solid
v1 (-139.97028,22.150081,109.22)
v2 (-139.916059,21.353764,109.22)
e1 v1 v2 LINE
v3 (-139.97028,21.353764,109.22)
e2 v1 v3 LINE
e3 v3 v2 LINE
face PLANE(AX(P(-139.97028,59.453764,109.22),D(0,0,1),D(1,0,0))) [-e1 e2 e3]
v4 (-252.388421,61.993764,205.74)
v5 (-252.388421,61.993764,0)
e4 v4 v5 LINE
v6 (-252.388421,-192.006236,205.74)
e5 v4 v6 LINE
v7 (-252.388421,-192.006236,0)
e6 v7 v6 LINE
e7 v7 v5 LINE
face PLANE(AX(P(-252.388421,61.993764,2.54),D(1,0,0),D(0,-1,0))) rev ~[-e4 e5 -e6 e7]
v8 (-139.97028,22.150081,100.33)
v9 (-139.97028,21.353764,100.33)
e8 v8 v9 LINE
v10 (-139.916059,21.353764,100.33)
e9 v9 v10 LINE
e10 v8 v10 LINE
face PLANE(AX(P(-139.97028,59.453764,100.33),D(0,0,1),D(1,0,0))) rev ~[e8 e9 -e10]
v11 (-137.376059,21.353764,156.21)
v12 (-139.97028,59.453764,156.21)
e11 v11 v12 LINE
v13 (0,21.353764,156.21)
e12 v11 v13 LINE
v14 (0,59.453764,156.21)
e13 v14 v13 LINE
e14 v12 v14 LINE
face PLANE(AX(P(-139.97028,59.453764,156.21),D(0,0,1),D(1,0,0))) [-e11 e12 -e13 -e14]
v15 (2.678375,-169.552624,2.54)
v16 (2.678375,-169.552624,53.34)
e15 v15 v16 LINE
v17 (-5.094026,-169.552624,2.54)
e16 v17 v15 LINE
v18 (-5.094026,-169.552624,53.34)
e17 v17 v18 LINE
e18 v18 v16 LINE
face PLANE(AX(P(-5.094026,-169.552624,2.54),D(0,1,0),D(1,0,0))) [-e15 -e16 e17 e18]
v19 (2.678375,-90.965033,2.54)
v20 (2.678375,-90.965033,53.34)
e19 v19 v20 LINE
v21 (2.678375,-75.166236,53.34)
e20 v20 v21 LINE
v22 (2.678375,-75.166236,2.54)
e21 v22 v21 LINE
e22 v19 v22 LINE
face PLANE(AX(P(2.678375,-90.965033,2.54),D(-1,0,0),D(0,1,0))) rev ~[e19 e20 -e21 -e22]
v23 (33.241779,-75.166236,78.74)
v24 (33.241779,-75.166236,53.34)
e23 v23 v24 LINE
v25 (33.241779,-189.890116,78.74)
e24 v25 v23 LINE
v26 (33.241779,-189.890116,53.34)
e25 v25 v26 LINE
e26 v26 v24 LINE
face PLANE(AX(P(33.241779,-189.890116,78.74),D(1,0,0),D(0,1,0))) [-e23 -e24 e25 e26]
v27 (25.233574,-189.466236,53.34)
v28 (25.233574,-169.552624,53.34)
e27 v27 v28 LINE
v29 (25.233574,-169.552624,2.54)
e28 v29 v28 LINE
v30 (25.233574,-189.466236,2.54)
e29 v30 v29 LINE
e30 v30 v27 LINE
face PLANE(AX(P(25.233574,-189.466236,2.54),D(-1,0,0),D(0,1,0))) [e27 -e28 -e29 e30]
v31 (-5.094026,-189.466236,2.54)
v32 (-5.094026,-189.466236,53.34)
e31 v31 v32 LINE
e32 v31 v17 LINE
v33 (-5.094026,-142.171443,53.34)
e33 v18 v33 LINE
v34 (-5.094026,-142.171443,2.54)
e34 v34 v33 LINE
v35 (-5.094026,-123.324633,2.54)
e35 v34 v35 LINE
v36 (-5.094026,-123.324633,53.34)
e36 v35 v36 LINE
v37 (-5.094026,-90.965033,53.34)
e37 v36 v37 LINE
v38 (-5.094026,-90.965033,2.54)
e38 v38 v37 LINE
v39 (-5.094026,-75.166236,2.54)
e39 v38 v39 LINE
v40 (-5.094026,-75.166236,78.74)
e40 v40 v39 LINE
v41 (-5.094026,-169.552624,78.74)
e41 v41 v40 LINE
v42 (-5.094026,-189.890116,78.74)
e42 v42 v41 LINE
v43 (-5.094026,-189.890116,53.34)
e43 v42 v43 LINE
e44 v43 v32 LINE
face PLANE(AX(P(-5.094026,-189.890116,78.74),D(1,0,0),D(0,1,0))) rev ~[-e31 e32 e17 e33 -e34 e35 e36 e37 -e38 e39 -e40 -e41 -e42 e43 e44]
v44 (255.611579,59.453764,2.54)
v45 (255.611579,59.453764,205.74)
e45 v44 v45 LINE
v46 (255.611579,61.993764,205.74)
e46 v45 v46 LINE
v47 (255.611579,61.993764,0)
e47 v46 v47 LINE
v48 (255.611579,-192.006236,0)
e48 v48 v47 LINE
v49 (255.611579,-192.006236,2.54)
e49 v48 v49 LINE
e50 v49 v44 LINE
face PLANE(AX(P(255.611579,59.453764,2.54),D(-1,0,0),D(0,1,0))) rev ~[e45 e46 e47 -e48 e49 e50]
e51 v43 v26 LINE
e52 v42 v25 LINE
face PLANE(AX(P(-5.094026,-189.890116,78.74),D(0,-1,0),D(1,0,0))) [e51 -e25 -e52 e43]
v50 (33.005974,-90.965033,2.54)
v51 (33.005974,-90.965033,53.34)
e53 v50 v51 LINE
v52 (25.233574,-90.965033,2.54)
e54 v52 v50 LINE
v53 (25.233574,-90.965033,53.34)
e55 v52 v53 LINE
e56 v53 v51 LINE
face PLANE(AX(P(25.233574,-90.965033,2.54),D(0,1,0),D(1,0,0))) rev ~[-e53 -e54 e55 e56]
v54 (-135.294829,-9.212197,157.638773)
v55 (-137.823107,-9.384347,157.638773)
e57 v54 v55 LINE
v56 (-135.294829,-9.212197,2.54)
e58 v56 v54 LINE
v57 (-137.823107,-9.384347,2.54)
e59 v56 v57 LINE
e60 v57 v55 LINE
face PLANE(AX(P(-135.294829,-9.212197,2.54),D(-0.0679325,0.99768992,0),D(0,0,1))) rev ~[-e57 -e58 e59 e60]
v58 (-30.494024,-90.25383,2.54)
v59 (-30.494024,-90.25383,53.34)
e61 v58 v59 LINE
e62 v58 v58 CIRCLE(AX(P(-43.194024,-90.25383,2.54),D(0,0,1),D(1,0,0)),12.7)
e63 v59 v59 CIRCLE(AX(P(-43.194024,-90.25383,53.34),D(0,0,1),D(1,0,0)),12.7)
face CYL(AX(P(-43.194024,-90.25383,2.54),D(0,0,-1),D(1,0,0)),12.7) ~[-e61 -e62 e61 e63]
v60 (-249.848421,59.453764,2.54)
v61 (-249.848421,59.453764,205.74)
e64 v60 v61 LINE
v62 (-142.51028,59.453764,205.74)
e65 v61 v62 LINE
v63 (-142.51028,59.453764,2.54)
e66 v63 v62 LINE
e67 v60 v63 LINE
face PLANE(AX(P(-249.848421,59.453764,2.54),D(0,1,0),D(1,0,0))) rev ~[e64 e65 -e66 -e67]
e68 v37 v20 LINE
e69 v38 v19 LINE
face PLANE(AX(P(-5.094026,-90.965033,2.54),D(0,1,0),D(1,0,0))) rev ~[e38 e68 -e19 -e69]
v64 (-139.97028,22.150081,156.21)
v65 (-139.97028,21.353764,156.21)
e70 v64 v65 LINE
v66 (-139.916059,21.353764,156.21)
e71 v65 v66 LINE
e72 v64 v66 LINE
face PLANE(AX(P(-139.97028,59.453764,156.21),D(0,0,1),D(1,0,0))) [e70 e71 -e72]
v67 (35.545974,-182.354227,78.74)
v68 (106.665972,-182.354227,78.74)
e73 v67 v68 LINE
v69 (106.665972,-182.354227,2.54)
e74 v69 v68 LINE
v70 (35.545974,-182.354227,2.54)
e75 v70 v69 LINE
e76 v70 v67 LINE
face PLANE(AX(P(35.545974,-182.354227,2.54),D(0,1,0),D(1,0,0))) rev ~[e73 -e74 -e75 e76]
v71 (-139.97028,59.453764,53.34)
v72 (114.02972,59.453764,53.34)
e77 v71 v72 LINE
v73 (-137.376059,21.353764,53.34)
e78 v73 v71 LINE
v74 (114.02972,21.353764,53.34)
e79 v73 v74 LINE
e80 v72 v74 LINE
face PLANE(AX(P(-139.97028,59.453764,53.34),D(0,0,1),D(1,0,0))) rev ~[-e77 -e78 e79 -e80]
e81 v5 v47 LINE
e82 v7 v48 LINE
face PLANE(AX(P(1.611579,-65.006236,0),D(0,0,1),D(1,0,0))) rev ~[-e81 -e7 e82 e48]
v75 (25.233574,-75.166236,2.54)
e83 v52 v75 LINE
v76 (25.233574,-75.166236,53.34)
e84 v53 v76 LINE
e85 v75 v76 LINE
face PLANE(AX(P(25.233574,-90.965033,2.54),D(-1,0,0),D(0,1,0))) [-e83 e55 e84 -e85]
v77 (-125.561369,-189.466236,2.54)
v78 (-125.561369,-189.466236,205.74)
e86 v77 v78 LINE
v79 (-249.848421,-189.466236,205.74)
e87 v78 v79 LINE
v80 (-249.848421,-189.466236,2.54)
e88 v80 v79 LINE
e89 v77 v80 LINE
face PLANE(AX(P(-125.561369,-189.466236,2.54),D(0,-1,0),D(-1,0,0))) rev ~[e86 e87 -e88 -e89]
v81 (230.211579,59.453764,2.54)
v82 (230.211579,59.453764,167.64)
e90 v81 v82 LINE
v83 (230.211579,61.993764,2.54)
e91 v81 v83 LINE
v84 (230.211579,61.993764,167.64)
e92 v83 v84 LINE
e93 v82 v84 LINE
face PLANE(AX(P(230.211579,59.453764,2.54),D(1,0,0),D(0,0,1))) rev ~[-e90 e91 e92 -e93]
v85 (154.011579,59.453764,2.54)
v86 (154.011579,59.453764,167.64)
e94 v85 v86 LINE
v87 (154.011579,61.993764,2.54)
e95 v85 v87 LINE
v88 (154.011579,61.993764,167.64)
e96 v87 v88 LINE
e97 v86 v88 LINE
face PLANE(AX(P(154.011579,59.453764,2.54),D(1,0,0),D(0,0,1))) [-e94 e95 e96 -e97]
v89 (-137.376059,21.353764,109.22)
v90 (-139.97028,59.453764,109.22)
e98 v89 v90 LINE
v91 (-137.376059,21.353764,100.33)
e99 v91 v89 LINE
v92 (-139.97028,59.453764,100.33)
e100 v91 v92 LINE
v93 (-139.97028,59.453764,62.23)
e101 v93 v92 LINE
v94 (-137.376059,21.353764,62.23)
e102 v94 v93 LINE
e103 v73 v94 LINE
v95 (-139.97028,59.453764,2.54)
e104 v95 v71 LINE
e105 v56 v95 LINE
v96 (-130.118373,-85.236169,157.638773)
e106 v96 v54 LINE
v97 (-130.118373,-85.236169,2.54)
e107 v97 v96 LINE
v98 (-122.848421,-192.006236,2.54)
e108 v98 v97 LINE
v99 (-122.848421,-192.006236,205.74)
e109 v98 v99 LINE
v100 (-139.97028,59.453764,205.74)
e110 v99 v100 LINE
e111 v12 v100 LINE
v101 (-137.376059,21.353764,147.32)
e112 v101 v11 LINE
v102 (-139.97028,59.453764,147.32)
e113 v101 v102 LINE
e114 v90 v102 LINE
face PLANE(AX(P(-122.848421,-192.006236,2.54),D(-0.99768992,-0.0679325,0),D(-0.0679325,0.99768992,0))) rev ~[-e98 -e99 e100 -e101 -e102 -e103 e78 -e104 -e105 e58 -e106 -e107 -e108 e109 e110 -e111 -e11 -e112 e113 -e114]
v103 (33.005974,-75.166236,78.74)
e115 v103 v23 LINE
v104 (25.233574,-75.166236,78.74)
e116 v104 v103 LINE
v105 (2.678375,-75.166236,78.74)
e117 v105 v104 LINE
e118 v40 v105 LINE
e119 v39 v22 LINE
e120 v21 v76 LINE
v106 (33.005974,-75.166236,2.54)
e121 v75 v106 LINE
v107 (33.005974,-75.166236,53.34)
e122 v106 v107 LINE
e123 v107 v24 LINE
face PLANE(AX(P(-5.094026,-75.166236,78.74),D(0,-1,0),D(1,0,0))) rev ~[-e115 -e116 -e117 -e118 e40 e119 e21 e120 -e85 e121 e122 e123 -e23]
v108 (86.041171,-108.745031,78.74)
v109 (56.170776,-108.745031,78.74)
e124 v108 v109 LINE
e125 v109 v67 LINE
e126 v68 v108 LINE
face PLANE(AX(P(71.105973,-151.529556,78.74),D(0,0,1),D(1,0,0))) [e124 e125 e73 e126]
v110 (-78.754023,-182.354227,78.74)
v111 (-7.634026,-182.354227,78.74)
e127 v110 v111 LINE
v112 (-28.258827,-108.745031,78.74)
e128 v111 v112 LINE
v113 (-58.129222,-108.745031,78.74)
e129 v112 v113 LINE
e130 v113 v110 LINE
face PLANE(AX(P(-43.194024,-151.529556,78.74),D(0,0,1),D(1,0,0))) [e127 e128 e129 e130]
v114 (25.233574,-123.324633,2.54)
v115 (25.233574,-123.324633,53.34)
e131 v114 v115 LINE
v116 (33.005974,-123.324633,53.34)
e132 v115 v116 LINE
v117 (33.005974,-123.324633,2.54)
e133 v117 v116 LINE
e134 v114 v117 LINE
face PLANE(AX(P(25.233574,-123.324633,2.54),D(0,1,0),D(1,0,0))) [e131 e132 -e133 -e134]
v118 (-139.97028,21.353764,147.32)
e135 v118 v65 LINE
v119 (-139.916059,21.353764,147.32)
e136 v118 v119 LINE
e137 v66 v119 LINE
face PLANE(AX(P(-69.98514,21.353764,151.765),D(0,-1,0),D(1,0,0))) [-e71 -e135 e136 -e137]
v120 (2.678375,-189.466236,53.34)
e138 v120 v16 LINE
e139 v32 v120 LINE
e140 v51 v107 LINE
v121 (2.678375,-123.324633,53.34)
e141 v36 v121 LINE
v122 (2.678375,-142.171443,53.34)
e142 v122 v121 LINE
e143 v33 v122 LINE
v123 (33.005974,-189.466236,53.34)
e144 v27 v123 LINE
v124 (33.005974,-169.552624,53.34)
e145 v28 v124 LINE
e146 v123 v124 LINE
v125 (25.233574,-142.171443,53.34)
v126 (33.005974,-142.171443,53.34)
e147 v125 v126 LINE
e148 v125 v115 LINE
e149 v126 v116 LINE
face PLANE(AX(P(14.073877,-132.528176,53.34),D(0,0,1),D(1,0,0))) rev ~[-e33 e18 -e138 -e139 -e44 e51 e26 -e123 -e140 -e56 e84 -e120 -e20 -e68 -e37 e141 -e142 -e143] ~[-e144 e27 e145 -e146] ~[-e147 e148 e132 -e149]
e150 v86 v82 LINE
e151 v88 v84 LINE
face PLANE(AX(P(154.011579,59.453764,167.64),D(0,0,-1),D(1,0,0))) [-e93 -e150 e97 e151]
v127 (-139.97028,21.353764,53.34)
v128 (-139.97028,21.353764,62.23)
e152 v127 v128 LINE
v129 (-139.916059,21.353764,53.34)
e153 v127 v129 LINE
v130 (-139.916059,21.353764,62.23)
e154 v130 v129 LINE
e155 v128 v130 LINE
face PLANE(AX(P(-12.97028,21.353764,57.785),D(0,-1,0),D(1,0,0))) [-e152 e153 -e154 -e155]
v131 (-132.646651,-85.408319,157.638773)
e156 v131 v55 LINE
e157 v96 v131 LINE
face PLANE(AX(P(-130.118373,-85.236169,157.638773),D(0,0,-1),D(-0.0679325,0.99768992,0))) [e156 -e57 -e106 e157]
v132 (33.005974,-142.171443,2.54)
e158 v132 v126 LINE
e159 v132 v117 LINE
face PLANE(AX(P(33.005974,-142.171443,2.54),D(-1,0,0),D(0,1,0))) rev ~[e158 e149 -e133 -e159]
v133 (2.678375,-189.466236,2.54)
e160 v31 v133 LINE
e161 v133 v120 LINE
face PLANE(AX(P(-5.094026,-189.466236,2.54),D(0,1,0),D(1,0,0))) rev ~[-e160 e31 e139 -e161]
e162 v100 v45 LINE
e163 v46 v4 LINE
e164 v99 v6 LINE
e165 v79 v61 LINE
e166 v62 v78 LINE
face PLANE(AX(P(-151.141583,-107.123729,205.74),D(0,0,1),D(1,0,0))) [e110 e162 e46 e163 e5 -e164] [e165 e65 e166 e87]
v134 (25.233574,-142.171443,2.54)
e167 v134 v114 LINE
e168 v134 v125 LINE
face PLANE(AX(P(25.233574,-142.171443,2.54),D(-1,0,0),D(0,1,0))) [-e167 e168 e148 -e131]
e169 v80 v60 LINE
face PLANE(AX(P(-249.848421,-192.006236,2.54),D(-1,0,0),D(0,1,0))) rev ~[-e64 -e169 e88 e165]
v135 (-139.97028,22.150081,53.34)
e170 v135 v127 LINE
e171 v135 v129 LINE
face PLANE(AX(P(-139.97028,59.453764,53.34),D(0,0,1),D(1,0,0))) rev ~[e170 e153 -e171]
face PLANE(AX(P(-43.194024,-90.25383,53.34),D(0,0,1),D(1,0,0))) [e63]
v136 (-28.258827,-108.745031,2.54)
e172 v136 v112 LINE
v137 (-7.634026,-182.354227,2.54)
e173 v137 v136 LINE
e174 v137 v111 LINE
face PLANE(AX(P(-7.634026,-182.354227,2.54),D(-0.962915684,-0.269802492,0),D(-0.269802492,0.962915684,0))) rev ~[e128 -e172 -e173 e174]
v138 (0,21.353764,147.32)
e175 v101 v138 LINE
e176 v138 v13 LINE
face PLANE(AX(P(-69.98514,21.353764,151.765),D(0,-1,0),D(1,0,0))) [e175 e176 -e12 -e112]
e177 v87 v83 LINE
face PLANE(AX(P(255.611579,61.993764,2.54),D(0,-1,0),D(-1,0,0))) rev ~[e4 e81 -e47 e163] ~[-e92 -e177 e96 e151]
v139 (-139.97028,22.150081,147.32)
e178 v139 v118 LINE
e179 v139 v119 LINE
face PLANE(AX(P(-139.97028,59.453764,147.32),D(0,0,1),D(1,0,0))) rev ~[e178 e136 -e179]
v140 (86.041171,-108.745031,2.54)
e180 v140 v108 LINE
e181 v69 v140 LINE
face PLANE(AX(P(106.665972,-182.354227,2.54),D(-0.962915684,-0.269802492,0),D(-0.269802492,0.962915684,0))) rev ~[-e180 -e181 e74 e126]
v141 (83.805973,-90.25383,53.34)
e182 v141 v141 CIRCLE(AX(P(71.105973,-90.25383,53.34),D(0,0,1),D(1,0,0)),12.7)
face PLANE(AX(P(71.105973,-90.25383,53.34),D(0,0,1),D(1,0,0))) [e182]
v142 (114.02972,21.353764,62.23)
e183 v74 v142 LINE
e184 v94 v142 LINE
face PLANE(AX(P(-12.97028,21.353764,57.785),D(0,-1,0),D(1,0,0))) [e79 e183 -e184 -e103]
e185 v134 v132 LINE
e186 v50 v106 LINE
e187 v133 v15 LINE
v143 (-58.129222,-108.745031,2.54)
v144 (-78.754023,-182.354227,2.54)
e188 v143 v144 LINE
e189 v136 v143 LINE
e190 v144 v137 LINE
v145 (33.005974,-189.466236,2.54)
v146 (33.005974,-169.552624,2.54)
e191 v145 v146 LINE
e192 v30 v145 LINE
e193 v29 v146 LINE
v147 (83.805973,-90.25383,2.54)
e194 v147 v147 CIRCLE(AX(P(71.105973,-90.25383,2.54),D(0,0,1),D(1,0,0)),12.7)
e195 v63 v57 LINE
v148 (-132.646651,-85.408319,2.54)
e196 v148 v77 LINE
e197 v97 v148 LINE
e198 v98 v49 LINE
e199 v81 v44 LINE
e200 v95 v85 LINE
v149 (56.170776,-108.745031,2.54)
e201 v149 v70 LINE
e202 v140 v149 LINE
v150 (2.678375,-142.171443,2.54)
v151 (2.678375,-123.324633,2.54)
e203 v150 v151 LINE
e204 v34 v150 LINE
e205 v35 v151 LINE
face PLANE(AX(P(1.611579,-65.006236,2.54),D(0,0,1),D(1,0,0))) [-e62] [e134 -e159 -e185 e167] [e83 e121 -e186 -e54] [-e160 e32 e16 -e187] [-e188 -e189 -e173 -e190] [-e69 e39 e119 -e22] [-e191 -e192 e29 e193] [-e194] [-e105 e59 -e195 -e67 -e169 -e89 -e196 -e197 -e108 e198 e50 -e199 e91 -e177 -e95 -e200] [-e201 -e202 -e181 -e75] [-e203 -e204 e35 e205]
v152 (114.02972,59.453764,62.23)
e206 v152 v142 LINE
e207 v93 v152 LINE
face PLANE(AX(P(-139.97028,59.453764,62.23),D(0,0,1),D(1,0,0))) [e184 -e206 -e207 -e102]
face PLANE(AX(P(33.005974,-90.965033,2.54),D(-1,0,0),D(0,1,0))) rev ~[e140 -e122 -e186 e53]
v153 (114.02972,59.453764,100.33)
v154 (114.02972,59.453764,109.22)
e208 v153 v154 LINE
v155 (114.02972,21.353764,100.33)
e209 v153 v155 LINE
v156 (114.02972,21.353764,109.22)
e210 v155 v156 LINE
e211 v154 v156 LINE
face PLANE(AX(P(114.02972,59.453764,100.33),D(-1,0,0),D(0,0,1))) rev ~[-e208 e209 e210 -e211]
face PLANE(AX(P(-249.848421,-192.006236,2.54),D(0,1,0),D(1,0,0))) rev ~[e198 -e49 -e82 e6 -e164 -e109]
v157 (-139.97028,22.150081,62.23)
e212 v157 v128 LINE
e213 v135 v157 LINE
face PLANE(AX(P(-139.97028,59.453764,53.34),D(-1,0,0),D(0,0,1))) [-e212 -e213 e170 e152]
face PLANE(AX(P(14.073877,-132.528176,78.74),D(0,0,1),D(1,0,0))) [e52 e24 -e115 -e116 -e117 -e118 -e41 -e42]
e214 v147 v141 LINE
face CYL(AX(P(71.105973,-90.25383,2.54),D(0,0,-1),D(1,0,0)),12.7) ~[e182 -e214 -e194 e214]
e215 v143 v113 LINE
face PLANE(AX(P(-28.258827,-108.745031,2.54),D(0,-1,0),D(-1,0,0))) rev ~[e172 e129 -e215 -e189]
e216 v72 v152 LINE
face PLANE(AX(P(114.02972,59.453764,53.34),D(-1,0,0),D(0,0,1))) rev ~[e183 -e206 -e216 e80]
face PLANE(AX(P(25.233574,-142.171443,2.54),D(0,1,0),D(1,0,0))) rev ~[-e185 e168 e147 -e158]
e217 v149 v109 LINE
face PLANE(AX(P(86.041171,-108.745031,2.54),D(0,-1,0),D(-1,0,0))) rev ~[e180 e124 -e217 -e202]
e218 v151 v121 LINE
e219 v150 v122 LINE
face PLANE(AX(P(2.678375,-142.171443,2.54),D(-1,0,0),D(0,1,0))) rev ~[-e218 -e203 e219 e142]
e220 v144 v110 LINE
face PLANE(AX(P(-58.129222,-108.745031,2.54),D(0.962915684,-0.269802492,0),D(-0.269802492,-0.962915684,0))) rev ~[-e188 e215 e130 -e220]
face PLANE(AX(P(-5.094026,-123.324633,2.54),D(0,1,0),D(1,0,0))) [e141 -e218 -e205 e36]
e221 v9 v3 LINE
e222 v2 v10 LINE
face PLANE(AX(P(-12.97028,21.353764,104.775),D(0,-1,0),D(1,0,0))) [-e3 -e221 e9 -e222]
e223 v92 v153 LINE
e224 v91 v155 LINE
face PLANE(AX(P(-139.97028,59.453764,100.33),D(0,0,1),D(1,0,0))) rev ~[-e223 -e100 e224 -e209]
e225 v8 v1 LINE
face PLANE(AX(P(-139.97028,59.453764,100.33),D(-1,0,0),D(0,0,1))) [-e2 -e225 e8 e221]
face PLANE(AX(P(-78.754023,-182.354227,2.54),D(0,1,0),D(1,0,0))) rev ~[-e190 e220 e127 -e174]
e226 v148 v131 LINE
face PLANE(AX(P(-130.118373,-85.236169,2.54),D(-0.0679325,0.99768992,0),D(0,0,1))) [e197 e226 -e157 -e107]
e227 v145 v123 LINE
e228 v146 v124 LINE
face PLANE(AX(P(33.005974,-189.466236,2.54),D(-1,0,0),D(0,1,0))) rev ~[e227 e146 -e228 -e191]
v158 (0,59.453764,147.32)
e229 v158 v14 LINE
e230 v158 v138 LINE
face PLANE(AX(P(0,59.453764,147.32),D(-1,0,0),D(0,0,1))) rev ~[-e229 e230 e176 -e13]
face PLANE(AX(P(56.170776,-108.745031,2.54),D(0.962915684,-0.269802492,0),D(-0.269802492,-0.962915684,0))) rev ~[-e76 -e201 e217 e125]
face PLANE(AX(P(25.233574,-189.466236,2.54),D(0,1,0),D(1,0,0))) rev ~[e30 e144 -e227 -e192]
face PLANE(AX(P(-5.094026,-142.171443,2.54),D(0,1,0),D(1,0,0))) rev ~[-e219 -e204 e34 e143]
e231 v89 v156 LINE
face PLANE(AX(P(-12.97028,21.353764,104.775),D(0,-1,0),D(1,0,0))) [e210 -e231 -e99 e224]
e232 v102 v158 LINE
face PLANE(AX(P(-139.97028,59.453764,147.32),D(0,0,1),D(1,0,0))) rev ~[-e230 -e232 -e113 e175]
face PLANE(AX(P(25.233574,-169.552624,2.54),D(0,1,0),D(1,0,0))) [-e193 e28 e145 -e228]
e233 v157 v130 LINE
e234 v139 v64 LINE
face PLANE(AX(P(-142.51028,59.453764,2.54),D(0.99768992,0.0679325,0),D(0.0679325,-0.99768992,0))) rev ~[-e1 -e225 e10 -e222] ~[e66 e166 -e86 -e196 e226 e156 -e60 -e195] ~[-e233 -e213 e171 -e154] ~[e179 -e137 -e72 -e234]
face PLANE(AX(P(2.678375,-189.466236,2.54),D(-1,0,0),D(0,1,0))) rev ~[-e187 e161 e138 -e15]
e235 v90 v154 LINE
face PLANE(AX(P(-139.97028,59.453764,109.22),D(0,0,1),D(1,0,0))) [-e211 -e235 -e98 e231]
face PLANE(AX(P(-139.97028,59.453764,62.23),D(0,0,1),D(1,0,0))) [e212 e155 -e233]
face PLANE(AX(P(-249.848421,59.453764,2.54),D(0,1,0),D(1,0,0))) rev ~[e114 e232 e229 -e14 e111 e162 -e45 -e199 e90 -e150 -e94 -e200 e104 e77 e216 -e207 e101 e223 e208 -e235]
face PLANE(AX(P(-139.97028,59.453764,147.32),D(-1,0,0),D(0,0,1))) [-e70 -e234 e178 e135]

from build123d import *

# Parameters (mm, degrees)
F0_W      = 508
F0_H      = 254
F1_DEPTH  = 2.54
F3_DEPTH  = 203.2
F5_DEPTH  = 203.2
F6_W      = 76.2
F6_H      = 155.0987733221
F7_DEPTH  = 25.4
F9_DEPTH  = 76.2
F10_W     = 7.7724000598
F10_H     = 15.7987965533
F10_H_2   = 18.846809864
F10_H_3   = 19.9136117986
F11_DEPTH = 76.2
F12_W     = 38.3358041449
F12_H     = 114.723880429
F13_DEPTH = 25.4
F14_R     = 12.7
F15_DEPTH = 50.8
F16_W     = 76.2
F16_H     = 165.1
F17_DEPTH = 25.4
F18_W     = 254
F18_H     = 8.89
F18_W_2   = 139.9702800131
F19_DEPTH = 38.1


with BuildPart() as f1:
    # F0 (on Top) → F1 (new body)
    with BuildSketch(Plane.XY):
        with Locations((1.6115792096, -65.0062360242)):
            Rectangle(F0_W, F0_H)
    extrude(amount=F1_DEPTH)

    # F2 (on face) → F3 (join)
    with BuildSketch(Plane.XY.offset(2.54)):
        Polygon((-252.3884207904, 61.9937639758), (-252.3884207904, -192.0062360242), (-249.8484207904, -192.0062360242), (-249.8484207904, 59.4537639758), (255.6115792096, 59.4537639758), (255.6115792096, 61.9937639758), align=None)
    extrude(amount=F3_DEPTH)

    # F4 (on face) → F5 (join)
    with BuildSketch(Plane.XY.offset(2.54)):
        Polygon((-249.8484207904, -189.4662360242), (-249.8484207904, -192.0062360242), (-122.8484207904, -192.0062360242), (-139.9702800131, 59.4537639758), (-142.5102800131, 59.4537639758), (-125.5613688634, -189.4662360242), align=None)
    extrude(amount=F5_DEPTH)

    # F6 (on face) → F7 (cut)
    with BuildSketch(Plane(origin=(-135.2948289897, -9.2121968326, 0), x_dir=(-0.0679324996, 0.9976899195, 0), z_dir=(0.9976899195, 0.0679324996, 0))):
        with Locations((-38.1, 80.0893866611)):
            Rectangle(F6_W, F6_H)
    extrude(amount=-F7_DEPTH, mode=Mode.SUBTRACT)

    # F8 (on face) → F9 (join)
    with BuildSketch(Plane.XY.offset(2.54)):
        Polygon((-78.7540227175, -182.3542267084), (-43.1940241251, -182.3542267084), (-7.6340255328, -182.3542267084), (-28.2588265836, -108.7450310588), (-43.1940241251, -108.7450310588), (-58.1292216666, -108.7450310588), align=None)
    extrude(amount=F9_DEPTH)

    # F10 (on face) → F11 (join)
    with BuildSketch(Plane.XY.offset(2.54)):
        with Locations((-1.2078255029, -83.0656343008)):
            Rectangle(F10_W, F10_H)
        with Locations((-1.2078255029, -132.7480375767)):
            Rectangle(F10_W, F10_H_2)
        with Locations((-1.2078255029, -179.5094301249)):
            Rectangle(F10_W, F10_H_3)
        with Locations((29.1197744374, -83.0656343008)):
            Rectangle(F10_W, F10_H)
        with Locations((29.1197744374, -132.7480375767)):
            Rectangle(F10_W, F10_H_2)
        with Locations((29.1197744374, -179.5094301249)):
            Rectangle(F10_W, F10_H_3)
        Polygon((86.0411706011, -108.7450310588), (56.1707755181, -108.7450310588), (35.5459744672, -182.3542267084), (106.665971652, -182.3542267084), align=None)
    extrude(amount=F11_DEPTH)

    # F12 (on face) → F13 (join)
    with BuildSketch(Plane.XY.offset(78.74)):
        with Locations((14.0738765397, -132.5281762387)):
            Rectangle(F12_W, F12_H)
    extrude(amount=-F13_DEPTH)

    # F14 (on face) → F15 (join)
    with BuildSketch(Plane.XY.offset(2.54)):
        with Locations((-43.1940241251, -90.2538299561)):
            Circle(F14_R)
        with Locations((71.1059730596, -90.2538299561)):
            Circle(F14_R)
    extrude(amount=F15_DEPTH)

    # F16 (on face) → F17 (cut)
    with BuildSketch(Plane.XZ.offset(-59.4537639758)):
        with Locations((192.1115792096, 85.09)):
            Rectangle(F16_W, F16_H)
    extrude(amount=-F17_DEPTH, mode=Mode.SUBTRACT)

    # F18 (on face) → F19 (join)
    with BuildSketch(Plane.XZ.offset(-59.4537639758)):
        with Locations((-12.9702800131, 57.785)):
            Rectangle(F18_W, F18_H)
        with Locations((-12.9702800131, 104.775)):
            Rectangle(F18_W, F18_H)
        with Locations((-69.9851400065, 151.765)):
            Rectangle(F18_W_2, F18_H)
    extrude(amount=F19_DEPTH)


solid = f1.part
